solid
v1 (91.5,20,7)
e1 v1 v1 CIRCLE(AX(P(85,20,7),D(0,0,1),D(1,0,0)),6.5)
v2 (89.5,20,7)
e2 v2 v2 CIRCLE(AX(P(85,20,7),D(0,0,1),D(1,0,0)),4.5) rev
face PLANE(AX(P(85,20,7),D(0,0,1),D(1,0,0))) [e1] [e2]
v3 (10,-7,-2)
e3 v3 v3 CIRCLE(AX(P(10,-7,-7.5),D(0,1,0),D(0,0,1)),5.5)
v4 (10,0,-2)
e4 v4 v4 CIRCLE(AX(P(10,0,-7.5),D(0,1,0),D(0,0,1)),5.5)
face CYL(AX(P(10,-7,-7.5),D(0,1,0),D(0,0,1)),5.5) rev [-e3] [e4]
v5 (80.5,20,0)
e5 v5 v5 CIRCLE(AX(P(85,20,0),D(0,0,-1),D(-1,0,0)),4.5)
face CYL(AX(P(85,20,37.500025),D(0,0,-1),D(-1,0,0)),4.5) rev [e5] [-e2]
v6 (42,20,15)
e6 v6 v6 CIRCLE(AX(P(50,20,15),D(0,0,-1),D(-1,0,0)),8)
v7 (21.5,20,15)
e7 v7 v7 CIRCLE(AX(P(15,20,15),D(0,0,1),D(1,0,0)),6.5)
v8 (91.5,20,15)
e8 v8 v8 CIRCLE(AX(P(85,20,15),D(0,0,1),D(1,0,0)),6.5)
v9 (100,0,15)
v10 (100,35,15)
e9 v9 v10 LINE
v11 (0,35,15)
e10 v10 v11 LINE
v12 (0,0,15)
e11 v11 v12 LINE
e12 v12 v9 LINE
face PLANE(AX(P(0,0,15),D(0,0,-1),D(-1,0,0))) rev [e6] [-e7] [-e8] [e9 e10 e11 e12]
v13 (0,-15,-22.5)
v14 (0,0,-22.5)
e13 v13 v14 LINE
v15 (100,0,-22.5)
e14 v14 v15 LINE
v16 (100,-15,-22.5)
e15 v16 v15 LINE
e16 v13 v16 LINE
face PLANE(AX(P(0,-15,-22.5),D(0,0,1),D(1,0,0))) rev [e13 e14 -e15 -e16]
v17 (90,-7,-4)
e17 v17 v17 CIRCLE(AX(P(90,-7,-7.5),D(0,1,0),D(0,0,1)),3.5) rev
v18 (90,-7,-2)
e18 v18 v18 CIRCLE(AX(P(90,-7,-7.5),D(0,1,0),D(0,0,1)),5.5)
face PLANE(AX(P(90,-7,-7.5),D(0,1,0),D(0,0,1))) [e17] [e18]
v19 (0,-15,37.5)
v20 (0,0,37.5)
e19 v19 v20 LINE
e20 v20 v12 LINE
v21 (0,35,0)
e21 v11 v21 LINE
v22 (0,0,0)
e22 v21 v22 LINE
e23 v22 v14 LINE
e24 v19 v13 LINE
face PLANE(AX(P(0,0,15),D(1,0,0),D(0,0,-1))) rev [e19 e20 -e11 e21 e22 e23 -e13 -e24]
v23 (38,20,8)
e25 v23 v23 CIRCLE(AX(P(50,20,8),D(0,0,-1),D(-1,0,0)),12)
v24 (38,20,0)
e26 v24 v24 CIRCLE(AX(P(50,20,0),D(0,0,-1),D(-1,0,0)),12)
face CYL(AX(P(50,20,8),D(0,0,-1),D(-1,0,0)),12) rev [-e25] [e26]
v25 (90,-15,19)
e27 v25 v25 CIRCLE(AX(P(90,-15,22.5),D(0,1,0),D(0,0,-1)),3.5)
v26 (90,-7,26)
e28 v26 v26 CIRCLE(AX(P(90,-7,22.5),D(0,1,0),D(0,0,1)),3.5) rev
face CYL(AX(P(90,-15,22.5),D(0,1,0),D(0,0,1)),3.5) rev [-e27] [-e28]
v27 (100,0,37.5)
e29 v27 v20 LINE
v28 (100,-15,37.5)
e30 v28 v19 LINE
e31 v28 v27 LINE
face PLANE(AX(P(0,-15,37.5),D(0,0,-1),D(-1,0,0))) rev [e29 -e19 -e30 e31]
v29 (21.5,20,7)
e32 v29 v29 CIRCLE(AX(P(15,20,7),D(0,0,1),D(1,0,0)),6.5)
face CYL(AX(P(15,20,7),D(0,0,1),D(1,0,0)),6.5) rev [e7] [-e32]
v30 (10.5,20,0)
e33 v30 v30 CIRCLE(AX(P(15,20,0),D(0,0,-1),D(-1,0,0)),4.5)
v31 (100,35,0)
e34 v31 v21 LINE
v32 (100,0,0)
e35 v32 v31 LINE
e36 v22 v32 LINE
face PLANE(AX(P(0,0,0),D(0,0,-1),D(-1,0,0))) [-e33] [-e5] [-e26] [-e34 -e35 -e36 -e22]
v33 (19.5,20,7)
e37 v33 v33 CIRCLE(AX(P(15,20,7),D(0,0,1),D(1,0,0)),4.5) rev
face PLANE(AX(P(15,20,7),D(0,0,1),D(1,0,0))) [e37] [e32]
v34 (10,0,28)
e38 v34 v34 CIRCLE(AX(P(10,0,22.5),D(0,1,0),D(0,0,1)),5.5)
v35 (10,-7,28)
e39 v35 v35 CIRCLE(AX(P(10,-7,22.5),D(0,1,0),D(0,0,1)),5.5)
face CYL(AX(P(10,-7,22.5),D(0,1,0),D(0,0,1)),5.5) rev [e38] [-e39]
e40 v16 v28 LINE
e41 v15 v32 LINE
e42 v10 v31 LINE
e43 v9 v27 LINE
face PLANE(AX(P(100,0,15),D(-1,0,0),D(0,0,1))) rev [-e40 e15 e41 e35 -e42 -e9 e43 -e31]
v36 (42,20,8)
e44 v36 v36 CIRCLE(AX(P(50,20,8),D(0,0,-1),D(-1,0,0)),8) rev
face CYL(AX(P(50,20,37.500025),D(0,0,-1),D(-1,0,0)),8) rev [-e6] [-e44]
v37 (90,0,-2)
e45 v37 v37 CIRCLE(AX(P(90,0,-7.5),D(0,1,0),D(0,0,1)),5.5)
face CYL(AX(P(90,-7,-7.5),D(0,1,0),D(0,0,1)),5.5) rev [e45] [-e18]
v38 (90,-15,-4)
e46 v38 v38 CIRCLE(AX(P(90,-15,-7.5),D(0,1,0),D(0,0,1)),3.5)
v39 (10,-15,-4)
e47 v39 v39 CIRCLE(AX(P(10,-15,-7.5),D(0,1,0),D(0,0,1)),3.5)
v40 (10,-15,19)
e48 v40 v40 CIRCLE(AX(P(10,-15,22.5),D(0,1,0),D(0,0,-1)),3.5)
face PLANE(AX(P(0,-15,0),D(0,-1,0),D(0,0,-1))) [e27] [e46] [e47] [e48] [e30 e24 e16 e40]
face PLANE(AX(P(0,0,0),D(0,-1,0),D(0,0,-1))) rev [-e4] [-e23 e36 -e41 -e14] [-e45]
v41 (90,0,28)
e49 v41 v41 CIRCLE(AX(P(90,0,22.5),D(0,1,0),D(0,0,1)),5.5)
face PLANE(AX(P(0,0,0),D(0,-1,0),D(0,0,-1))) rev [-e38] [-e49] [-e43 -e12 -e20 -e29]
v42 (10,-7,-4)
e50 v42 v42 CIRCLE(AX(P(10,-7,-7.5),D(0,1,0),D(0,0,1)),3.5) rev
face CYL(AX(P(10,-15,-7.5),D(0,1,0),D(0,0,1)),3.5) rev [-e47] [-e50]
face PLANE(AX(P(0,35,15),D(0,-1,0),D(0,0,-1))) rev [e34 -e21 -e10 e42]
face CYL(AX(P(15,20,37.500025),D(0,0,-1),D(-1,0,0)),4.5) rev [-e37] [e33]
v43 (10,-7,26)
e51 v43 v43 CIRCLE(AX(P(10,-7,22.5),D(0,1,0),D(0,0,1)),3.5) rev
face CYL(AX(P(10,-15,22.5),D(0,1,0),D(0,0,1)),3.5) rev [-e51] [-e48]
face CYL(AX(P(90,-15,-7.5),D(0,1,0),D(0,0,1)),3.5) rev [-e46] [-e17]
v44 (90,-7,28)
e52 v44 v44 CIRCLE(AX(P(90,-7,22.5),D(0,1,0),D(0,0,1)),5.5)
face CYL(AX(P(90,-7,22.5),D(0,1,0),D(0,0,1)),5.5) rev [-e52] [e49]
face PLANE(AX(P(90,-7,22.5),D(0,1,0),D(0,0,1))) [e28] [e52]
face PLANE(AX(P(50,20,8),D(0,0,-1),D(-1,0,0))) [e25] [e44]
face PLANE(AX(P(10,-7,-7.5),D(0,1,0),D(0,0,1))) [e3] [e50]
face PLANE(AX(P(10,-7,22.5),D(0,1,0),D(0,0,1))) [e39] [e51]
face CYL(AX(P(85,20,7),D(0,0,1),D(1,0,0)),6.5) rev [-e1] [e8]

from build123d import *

# Parameters (mm, degrees)
SKETCH_1_W          = 100
SKETCH_1_H          = 35
EXTRUDE_1_DEPTH     = 15
SKETCH_2_W          = 100
SKETCH_2_H          = 60
EXTRUDE_2_DEPTH     = 15
SKETCH_3_R          = 3.5
CUT_EXTRUDE_1_DEPTH = 113.388833965
SKETCH_4_R          = 5.5
CUT_EXTRUDE_2_DEPTH = 7
SKETCH_5_R          = 4.5
SKETCH_5_R_2        = 8
CUT_EXTRUDE_3_DEPTH = 113.388833965
SKETCH_6_R          = 12
CUT_EXTRUDE_4_DEPTH = 8
SKETCH_7_R          = 6.5
CUT_EXTRUDE_5_DEPTH = 8


with BuildPart() as part:
    # 草图1 → 凸台-拉伸1 (new body)
    with BuildSketch(Plane.XY):
        with Locations((50, 17.5)):
            Rectangle(SKETCH_1_W, SKETCH_1_H)
    extrude(amount=EXTRUDE_1_DEPTH)

    # 草图2 → 凸台-拉伸2 (add)
    with BuildSketch(Plane.XZ):
        with Locations((50, 7.5)):
            Rectangle(SKETCH_2_W, SKETCH_2_H)
    extrude(amount=EXTRUDE_2_DEPTH)

    # 草图3 → 切除-拉伸1 (cut, through all)
    with BuildSketch(Plane(origin=(0, 0, 0), x_dir=(1, 0, 0), z_dir=(0, 1, 0))):
        with Locations(Location((10, 7.5, 0), (0, 0, 270))):
            Circle(SKETCH_3_R)
        with Locations(Location((90, 7.5, 0), (0, 0, 270))):
            Circle(SKETCH_3_R)
        with Locations(Location((90, -22.5, 0), (0, 0, 90))):
            Circle(SKETCH_3_R)
        with Locations(Location((10, -22.5, 0), (0, 0, 90))):
            Circle(SKETCH_3_R)
    extrude(amount=-CUT_EXTRUDE_1_DEPTH, mode=Mode.SUBTRACT)

    # 草图4 → 切除-拉伸2 (cut)
    with BuildSketch(Plane(origin=(0, 0, 0), x_dir=(1, 0, 0), z_dir=(0, 1, 0))):
        with Locations(Location((10, 7.5, 0), (0, 0, 270))):
            Circle(SKETCH_4_R)
        with Locations(Location((90, 7.5, 0), (0, 0, 270))):
            Circle(SKETCH_4_R)
        with Locations(Location((10, -22.5, 0), (0, 0, 270))):
            Circle(SKETCH_4_R)
        with Locations(Location((90, -22.5, 0), (0, 0, 270))):
            Circle(SKETCH_4_R)
    extrude(amount=-CUT_EXTRUDE_2_DEPTH, mode=Mode.SUBTRACT)

    # 草图5 → 切除-拉伸3 (cut, through all)
    with BuildSketch(Plane(origin=(0, 0, 0), x_dir=(-1, 0, 0), z_dir=(0, 0, -1))):
        with Locations((-85, 20)):
            Circle(SKETCH_5_R)
        with Locations((-15, 20)):
            Circle(SKETCH_5_R)
        with Locations((-50, 20)):
            Circle(SKETCH_5_R_2)
    extrude(amount=-CUT_EXTRUDE_3_DEPTH, mode=Mode.SUBTRACT)

    # 草图6 → 切除-拉伸4 (cut)
    with BuildSketch(Plane(origin=(0, 0, 0), x_dir=(-1, 0, 0), z_dir=(0, 0, -1))):
        with Locations((-50, 20)):
            Circle(SKETCH_6_R)
    extrude(amount=-CUT_EXTRUDE_4_DEPTH, mode=Mode.SUBTRACT)

    # 草图7 → 切除-拉伸5 (cut)
    with BuildSketch(Plane.XY.offset(15)):
        with Locations((15, 20)):
            Circle(SKETCH_7_R)
        with Locations((85, 20)):
            Circle(SKETCH_7_R)
    extrude(amount=-CUT_EXTRUDE_5_DEPTH, mode=Mode.SUBTRACT)


solid = part.part
